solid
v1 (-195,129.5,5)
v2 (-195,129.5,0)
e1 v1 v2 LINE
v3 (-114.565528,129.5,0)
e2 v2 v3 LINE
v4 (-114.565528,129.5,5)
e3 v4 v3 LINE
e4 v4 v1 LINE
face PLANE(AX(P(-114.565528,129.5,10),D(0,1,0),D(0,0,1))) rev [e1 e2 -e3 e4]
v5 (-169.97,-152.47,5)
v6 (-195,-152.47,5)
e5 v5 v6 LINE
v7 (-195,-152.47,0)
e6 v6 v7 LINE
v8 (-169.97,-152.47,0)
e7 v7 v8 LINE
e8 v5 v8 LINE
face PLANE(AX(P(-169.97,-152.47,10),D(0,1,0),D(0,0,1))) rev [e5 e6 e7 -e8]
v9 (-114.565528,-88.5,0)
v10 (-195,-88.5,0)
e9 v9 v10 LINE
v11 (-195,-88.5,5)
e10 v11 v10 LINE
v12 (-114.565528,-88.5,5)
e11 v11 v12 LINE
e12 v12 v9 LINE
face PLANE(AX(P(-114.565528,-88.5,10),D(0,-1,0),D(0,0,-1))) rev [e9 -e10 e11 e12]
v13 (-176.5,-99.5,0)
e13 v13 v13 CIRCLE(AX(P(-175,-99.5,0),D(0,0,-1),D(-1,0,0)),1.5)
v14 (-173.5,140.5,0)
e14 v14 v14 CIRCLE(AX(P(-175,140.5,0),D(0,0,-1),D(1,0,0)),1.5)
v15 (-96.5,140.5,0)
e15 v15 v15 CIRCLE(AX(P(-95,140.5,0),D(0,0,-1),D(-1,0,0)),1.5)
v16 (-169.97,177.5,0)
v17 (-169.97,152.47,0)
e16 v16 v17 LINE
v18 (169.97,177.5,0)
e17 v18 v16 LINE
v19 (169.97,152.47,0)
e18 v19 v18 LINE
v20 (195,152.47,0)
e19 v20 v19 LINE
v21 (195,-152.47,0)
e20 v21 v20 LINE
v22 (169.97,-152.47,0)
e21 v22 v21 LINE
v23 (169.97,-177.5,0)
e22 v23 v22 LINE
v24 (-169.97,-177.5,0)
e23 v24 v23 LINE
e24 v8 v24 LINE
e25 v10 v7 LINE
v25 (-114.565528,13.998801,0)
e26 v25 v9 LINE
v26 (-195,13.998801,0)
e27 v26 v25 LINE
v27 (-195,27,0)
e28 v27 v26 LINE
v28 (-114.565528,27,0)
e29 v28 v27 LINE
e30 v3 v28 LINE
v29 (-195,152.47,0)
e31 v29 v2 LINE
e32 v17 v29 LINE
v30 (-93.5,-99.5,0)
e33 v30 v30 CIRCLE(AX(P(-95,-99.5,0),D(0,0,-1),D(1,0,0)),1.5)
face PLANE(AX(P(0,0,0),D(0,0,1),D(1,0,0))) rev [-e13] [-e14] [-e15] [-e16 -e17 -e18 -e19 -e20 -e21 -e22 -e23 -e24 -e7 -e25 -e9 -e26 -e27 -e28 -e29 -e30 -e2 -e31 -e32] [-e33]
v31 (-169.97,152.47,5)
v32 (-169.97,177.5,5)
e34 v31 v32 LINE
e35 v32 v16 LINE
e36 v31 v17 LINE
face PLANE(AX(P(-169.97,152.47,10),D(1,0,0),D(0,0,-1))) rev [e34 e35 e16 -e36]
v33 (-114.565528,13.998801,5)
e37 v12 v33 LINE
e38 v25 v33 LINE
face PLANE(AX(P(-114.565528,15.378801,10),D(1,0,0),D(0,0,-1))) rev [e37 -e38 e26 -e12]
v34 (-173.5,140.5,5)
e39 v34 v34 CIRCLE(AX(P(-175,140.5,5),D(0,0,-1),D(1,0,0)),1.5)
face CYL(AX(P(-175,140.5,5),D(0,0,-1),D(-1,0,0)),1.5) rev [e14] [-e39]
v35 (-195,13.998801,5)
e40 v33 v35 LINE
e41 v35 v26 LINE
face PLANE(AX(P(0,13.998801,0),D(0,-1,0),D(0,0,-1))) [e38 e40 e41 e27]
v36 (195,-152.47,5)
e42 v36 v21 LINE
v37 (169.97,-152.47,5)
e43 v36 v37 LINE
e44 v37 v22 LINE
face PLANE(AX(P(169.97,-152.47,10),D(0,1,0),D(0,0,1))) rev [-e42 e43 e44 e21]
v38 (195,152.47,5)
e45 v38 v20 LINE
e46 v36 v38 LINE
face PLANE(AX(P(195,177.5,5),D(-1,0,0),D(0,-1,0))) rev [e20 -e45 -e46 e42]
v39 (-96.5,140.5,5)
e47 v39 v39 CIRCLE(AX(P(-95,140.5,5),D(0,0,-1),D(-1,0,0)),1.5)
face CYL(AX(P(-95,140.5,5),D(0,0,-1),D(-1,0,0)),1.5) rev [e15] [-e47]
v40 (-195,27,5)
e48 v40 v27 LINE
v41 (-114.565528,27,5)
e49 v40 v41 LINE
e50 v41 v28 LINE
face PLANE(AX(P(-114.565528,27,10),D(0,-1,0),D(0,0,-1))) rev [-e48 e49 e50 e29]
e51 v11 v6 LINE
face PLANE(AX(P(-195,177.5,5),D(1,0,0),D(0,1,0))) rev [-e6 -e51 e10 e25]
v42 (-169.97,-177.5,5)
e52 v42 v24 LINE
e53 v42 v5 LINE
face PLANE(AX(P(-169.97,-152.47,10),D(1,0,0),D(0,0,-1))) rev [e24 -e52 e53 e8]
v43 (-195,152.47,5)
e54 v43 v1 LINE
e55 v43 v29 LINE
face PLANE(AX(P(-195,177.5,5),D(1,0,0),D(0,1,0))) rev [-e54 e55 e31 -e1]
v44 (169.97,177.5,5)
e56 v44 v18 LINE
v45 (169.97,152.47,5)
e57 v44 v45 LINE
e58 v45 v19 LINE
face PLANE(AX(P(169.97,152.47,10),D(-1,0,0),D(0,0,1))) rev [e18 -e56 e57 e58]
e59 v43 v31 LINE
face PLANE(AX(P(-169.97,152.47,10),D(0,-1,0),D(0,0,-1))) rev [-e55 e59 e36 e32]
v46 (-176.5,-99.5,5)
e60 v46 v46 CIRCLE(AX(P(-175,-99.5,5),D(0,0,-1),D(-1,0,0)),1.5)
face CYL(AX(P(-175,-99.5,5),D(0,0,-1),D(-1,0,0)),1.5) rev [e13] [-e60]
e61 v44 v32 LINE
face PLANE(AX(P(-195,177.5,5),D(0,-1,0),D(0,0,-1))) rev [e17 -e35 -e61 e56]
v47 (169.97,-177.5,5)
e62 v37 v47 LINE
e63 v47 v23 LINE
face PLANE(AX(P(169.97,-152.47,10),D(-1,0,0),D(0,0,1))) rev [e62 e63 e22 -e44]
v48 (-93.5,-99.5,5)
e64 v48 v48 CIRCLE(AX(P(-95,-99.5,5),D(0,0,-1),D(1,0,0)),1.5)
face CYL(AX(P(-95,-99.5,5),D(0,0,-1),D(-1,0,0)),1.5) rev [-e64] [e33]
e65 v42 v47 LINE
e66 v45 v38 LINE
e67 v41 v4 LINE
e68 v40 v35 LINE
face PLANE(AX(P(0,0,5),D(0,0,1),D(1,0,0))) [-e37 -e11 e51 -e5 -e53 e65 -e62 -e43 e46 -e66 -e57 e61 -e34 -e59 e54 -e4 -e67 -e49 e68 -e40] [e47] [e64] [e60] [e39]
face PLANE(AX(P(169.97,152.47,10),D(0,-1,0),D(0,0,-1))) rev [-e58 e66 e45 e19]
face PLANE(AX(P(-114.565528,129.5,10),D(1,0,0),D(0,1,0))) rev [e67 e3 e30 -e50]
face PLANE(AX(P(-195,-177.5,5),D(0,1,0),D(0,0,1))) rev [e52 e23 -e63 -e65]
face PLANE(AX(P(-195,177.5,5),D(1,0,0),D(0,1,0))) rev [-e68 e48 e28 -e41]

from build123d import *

# Parameters (mm, degrees)
ESQUISSE1_W             = 390
ESQUISSE1_H             = 355
BOSS_EXTRU_1_DEPTH      = 5
ESQUISSE3_W             = 80.434472185
ESQUISSE3_H             = 102.5
ESQUISSE3_H_2           = 103.87880101
ESQUISSE3_W_2           = 25.03
ESQUISSE3_H_3           = 25.03
ENL_V_MAT_EXTRU_1_DEPTH = 10
ESQUISSE4_W             = 80.434472185
ESQUISSE4_H             = 5
BOSS_EXTRU_2_DEPTH      = 1.38
ESQUISSE9_R             = 1.5
ENL_V_MAT_EXTRU_2_DEPTH = 264.735189158


with BuildPart() as part:
    # Esquisse1 → Boss.-Extru.1 (new body)
    with BuildSketch(Plane.XY):
        Rectangle(ESQUISSE1_W, ESQUISSE1_H)
    extrude(amount=BOSS_EXTRU_1_DEPTH)

    # Esquisse3 → Enlèv. mat.-Extru.1 (cut)
    with BuildSketch(Plane(origin=(0, 0, 0), x_dir=(-1, 0, 0), z_dir=(0, 0, -1))):
        with Locations((154.782763907, 78.25)):
            Rectangle(ESQUISSE3_W, ESQUISSE3_H)
        with Locations((154.782763907, -36.560599495)):
            Rectangle(ESQUISSE3_W, ESQUISSE3_H_2)
        with Locations((-182.485, 164.985)):
            Rectangle(ESQUISSE3_W_2, ESQUISSE3_H_3)
        with Locations((182.485, 164.985)):
            Rectangle(ESQUISSE3_W_2, ESQUISSE3_H_3)
        with Locations((182.485, -164.985)):
            Rectangle(ESQUISSE3_W_2, ESQUISSE3_H_3)
        with Locations((-182.485, -164.985)):
            Rectangle(ESQUISSE3_W_2, ESQUISSE3_H_3)
    extrude(amount=-ENL_V_MAT_EXTRU_1_DEPTH, mode=Mode.SUBTRACT)

    # Esquisse4 → Boss.-Extru.2 (add)
    with BuildSketch(Plane.XZ.offset(-15.37880101)):
        with Locations((-154.782763907, 2.5)):
            Rectangle(ESQUISSE4_W, ESQUISSE4_H)
    extrude(amount=BOSS_EXTRU_2_DEPTH)

    # Esquisse9 → Enlèv. mat.-Extru.2 (cut, through all)
    with BuildSketch(Plane(origin=(0, 0, 0), x_dir=(-1, 0, 0), z_dir=(0, 0, -1))):
        with Locations((175, -99.5)):
            Circle(ESQUISSE9_R)
        with Locations(Location((95, -99.5, 0), (0, 0, 180))):
            Circle(ESQUISSE9_R)
        with Locations((95, 140.5)):
            Circle(ESQUISSE9_R)
        with Locations(Location((175, 140.5, 0), (0, 0, 180))):
            Circle(ESQUISSE9_R)
    extrude(amount=-ENL_V_MAT_EXTRU_2_DEPTH, mode=Mode.SUBTRACT)


solid = part.part
